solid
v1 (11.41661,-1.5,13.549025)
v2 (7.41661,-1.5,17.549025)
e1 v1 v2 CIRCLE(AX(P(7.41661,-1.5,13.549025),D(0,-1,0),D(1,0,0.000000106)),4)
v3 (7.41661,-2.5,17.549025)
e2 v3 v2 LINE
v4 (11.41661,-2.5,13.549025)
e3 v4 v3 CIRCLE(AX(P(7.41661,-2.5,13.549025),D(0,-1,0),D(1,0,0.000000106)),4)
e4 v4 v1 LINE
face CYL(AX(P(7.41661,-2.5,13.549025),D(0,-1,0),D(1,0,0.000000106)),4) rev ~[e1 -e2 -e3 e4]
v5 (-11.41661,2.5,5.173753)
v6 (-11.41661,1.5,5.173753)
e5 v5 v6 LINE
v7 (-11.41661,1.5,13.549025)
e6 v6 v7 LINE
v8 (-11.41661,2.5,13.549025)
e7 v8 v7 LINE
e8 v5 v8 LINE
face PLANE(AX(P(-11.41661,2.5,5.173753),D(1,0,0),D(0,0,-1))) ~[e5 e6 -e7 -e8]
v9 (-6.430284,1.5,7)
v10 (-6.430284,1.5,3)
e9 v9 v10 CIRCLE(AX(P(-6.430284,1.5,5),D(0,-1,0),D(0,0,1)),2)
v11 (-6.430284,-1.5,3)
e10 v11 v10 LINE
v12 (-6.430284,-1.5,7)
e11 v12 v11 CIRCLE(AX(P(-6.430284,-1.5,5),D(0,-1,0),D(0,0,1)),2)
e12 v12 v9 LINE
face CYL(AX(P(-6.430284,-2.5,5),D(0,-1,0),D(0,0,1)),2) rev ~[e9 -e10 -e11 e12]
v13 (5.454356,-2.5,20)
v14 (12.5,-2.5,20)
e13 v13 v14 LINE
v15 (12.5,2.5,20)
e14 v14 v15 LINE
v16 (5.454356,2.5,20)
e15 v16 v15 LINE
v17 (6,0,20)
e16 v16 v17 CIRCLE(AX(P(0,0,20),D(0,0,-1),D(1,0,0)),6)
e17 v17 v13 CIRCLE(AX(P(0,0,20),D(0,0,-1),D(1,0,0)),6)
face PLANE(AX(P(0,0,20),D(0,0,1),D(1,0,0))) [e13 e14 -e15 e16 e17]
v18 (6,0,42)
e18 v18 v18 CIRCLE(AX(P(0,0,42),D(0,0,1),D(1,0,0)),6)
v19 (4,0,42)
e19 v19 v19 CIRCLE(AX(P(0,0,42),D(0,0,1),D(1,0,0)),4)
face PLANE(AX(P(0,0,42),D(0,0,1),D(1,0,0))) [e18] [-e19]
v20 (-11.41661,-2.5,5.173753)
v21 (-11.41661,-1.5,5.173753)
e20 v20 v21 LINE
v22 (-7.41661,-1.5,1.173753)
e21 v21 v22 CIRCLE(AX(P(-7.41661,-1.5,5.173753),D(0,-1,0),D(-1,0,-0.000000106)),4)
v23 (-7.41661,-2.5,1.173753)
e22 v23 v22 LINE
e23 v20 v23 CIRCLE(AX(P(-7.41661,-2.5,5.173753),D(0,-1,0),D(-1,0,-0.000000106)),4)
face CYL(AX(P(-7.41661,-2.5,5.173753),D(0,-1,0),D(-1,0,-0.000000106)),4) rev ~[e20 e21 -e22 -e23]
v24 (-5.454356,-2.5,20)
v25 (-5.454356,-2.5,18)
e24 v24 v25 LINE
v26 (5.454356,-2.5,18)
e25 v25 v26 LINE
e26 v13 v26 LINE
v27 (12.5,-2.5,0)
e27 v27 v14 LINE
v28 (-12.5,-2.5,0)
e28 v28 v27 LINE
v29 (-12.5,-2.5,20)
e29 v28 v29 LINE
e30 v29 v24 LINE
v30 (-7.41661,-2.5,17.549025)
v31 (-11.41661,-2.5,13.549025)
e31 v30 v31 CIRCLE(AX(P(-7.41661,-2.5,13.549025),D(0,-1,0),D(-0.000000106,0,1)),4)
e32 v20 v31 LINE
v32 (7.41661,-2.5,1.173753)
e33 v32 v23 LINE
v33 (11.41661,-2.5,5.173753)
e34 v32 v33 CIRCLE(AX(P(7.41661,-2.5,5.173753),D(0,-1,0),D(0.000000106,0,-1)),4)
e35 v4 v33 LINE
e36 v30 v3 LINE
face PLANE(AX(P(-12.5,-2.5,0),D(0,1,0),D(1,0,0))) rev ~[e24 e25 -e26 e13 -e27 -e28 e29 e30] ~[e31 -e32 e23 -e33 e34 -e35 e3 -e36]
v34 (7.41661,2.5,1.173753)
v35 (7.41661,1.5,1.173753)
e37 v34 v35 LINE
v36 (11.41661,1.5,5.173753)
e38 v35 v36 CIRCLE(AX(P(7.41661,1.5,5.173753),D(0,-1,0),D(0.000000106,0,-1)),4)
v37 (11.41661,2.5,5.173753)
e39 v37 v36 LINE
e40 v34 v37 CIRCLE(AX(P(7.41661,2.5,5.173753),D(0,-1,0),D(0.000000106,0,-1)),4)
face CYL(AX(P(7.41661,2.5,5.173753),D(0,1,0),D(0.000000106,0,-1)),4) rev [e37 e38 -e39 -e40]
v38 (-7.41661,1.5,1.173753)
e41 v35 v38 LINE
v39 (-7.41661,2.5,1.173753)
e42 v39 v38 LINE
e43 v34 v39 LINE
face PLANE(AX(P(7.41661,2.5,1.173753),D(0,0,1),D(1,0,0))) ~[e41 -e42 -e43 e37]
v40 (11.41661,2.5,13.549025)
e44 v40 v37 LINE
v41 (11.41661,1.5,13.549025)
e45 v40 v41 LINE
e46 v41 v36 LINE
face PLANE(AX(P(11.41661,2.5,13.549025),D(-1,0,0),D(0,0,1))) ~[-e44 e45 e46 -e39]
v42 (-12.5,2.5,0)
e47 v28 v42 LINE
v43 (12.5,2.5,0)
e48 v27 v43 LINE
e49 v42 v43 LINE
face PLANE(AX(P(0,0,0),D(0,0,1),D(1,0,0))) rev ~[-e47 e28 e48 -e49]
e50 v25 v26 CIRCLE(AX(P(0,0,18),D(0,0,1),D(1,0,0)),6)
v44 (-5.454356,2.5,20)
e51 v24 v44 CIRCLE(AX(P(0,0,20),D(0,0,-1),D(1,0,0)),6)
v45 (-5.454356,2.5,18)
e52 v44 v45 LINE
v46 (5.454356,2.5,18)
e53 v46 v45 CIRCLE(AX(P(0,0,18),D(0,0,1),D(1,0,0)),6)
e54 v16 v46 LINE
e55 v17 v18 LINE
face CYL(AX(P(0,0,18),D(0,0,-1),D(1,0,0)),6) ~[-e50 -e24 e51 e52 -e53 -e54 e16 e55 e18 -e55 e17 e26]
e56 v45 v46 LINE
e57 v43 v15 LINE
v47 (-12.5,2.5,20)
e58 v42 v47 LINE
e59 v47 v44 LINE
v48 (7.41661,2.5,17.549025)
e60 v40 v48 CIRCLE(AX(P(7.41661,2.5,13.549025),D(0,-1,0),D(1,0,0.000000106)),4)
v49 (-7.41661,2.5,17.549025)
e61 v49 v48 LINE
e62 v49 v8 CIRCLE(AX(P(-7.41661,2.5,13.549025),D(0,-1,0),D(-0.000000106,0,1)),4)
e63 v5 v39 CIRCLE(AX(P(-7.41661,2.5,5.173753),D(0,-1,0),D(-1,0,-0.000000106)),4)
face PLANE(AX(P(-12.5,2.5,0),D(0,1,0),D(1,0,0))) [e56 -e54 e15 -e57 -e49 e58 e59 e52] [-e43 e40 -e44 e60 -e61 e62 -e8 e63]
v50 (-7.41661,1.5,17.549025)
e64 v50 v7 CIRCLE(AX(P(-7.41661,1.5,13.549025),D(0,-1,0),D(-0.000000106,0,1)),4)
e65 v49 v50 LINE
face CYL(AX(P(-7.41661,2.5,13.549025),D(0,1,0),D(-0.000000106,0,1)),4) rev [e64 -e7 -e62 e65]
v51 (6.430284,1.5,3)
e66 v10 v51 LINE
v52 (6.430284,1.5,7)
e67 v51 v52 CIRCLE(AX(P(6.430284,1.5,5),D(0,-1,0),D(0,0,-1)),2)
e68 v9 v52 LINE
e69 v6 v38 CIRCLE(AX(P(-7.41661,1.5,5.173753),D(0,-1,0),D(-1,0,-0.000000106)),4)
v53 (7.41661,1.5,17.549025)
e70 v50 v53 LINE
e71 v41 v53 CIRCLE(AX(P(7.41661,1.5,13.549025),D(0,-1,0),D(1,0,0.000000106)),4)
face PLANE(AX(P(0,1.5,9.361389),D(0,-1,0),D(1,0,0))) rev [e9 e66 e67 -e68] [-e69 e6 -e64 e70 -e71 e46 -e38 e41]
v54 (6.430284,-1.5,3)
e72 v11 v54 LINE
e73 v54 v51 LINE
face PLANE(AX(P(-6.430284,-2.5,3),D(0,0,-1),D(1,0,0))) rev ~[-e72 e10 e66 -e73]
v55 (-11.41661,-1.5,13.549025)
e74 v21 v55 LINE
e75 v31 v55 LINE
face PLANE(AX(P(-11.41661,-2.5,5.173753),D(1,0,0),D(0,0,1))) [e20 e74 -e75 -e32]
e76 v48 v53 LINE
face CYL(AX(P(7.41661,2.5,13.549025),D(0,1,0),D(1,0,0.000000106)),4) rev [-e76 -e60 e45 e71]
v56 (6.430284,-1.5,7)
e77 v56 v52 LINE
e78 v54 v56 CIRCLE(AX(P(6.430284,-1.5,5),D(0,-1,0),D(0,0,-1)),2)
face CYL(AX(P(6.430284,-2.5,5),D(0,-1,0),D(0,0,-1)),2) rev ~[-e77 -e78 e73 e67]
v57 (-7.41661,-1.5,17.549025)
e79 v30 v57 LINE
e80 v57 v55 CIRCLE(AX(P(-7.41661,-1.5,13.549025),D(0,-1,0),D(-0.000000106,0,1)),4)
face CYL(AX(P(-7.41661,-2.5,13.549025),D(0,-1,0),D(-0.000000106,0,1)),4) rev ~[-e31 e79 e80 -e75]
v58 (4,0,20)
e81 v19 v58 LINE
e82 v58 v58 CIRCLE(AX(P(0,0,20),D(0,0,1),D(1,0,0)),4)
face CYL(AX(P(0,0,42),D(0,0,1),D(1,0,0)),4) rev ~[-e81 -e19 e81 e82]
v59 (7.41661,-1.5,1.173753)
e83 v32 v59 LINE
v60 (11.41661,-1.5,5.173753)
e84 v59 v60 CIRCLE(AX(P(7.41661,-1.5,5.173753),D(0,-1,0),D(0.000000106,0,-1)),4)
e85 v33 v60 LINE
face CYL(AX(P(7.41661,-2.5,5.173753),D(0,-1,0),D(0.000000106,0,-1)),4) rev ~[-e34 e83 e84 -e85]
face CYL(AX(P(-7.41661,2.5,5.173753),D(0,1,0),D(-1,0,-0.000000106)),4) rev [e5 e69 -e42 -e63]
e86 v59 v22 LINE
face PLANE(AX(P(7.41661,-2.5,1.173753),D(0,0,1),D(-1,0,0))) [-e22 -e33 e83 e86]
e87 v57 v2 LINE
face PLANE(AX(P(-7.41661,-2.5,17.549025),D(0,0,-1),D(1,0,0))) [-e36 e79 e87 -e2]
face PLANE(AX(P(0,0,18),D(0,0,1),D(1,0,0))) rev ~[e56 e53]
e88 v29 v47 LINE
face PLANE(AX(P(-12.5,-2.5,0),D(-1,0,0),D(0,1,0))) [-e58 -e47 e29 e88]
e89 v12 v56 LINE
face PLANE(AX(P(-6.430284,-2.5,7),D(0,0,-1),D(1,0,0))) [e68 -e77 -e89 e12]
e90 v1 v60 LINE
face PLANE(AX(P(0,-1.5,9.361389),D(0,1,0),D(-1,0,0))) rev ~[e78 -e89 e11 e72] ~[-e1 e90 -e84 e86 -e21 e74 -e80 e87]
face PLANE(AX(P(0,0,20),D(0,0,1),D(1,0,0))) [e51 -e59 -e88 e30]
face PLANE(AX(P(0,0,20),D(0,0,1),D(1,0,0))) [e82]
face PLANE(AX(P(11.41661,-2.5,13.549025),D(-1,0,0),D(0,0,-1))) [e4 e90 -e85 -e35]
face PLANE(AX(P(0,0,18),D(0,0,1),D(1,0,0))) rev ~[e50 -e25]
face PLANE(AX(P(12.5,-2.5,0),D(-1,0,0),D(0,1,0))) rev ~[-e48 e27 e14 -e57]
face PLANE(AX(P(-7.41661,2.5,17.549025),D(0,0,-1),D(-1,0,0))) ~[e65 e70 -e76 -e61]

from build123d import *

# Parameters (mm, degrees)
SKETCH006_W     = 25
SKETCH006_H     = 5
PAD_DEPTH       = 20
SKETCH_R        = 6
PAD001_DEPTH    = 24
SKETCH001_R     = 4
POCKET001_DEPTH = 22
POCKET002_DEPTH = 5
POCKET003_DEPTH = 1


with BuildPart() as part:
    # Sketch006 → Pad (new body)
    with BuildSketch(Plane.XY):
        Rectangle(SKETCH006_W, SKETCH006_H)
    extrude(amount=PAD_DEPTH)

    # Sketch (on Face6 of Pad) → Pad001 (join)
    with BuildSketch(Plane.XY.offset(18)):
        Circle(SKETCH_R)
    extrude(amount=PAD001_DEPTH)

    # Sketch001 (on Face11 of Pad001) → Pocket001 (cut)
    with BuildSketch(Plane.XY.offset(42)):
        Circle(SKETCH001_R)
    extrude(amount=-POCKET001_DEPTH, mode=Mode.SUBTRACT)

    # Sketch009 (on Face9 of Pocket001) → Pocket002 (cut)
    with BuildSketch(Plane.XZ.offset(2.5)):
        with BuildLine():
            ThreePointArc((-6.430284, 7), (-8.430284, 5), (-6.430284, 3))
            Line((-6.430284, 3), (6.430284, 3))
            ThreePointArc((6.430284, 3), (8.430284, 5), (6.430284, 7))
            Line((-6.430284, 7), (6.430284, 7))
        make_face()
    extrude(amount=-POCKET002_DEPTH, mode=Mode.SUBTRACT)

    # Sketch010 (on Face13 of Pocket002) → Pocket003 (cut)
    with BuildSketch(Plane.XZ.offset(2.5)):
        with BuildLine():
            Line((-7.41661, 17.549025), (7.41661, 17.549025))
            ThreePointArc((11.41661, 13.549025), (10.245037, 16.377452), (7.41661, 17.549025))
            Line((11.41661, 13.549025), (11.41661, 5.173753))
            ThreePointArc((7.41661, 1.173753), (10.245037, 2.345326), (11.41661, 5.173753))
            Line((7.41661, 1.173753), (-7.41661, 1.173753))
            ThreePointArc((-11.41661, 5.173753), (-10.245037, 2.345326), (-7.41661, 1.173753))
            Line((-11.41661, 5.173753), (-11.41661, 13.549025))
            ThreePointArc((-7.41661, 17.549025), (-10.245037, 16.377452), (-11.41661, 13.549025))
        make_face()
    pocket003 = extrude(amount=-POCKET003_DEPTH, mode=Mode.SUBTRACT)

    # Mirrored: Pocket003 across XZ
    add(pocket003.mirror(Plane.XZ), mode=Mode.SUBTRACT)


solid = part.part
